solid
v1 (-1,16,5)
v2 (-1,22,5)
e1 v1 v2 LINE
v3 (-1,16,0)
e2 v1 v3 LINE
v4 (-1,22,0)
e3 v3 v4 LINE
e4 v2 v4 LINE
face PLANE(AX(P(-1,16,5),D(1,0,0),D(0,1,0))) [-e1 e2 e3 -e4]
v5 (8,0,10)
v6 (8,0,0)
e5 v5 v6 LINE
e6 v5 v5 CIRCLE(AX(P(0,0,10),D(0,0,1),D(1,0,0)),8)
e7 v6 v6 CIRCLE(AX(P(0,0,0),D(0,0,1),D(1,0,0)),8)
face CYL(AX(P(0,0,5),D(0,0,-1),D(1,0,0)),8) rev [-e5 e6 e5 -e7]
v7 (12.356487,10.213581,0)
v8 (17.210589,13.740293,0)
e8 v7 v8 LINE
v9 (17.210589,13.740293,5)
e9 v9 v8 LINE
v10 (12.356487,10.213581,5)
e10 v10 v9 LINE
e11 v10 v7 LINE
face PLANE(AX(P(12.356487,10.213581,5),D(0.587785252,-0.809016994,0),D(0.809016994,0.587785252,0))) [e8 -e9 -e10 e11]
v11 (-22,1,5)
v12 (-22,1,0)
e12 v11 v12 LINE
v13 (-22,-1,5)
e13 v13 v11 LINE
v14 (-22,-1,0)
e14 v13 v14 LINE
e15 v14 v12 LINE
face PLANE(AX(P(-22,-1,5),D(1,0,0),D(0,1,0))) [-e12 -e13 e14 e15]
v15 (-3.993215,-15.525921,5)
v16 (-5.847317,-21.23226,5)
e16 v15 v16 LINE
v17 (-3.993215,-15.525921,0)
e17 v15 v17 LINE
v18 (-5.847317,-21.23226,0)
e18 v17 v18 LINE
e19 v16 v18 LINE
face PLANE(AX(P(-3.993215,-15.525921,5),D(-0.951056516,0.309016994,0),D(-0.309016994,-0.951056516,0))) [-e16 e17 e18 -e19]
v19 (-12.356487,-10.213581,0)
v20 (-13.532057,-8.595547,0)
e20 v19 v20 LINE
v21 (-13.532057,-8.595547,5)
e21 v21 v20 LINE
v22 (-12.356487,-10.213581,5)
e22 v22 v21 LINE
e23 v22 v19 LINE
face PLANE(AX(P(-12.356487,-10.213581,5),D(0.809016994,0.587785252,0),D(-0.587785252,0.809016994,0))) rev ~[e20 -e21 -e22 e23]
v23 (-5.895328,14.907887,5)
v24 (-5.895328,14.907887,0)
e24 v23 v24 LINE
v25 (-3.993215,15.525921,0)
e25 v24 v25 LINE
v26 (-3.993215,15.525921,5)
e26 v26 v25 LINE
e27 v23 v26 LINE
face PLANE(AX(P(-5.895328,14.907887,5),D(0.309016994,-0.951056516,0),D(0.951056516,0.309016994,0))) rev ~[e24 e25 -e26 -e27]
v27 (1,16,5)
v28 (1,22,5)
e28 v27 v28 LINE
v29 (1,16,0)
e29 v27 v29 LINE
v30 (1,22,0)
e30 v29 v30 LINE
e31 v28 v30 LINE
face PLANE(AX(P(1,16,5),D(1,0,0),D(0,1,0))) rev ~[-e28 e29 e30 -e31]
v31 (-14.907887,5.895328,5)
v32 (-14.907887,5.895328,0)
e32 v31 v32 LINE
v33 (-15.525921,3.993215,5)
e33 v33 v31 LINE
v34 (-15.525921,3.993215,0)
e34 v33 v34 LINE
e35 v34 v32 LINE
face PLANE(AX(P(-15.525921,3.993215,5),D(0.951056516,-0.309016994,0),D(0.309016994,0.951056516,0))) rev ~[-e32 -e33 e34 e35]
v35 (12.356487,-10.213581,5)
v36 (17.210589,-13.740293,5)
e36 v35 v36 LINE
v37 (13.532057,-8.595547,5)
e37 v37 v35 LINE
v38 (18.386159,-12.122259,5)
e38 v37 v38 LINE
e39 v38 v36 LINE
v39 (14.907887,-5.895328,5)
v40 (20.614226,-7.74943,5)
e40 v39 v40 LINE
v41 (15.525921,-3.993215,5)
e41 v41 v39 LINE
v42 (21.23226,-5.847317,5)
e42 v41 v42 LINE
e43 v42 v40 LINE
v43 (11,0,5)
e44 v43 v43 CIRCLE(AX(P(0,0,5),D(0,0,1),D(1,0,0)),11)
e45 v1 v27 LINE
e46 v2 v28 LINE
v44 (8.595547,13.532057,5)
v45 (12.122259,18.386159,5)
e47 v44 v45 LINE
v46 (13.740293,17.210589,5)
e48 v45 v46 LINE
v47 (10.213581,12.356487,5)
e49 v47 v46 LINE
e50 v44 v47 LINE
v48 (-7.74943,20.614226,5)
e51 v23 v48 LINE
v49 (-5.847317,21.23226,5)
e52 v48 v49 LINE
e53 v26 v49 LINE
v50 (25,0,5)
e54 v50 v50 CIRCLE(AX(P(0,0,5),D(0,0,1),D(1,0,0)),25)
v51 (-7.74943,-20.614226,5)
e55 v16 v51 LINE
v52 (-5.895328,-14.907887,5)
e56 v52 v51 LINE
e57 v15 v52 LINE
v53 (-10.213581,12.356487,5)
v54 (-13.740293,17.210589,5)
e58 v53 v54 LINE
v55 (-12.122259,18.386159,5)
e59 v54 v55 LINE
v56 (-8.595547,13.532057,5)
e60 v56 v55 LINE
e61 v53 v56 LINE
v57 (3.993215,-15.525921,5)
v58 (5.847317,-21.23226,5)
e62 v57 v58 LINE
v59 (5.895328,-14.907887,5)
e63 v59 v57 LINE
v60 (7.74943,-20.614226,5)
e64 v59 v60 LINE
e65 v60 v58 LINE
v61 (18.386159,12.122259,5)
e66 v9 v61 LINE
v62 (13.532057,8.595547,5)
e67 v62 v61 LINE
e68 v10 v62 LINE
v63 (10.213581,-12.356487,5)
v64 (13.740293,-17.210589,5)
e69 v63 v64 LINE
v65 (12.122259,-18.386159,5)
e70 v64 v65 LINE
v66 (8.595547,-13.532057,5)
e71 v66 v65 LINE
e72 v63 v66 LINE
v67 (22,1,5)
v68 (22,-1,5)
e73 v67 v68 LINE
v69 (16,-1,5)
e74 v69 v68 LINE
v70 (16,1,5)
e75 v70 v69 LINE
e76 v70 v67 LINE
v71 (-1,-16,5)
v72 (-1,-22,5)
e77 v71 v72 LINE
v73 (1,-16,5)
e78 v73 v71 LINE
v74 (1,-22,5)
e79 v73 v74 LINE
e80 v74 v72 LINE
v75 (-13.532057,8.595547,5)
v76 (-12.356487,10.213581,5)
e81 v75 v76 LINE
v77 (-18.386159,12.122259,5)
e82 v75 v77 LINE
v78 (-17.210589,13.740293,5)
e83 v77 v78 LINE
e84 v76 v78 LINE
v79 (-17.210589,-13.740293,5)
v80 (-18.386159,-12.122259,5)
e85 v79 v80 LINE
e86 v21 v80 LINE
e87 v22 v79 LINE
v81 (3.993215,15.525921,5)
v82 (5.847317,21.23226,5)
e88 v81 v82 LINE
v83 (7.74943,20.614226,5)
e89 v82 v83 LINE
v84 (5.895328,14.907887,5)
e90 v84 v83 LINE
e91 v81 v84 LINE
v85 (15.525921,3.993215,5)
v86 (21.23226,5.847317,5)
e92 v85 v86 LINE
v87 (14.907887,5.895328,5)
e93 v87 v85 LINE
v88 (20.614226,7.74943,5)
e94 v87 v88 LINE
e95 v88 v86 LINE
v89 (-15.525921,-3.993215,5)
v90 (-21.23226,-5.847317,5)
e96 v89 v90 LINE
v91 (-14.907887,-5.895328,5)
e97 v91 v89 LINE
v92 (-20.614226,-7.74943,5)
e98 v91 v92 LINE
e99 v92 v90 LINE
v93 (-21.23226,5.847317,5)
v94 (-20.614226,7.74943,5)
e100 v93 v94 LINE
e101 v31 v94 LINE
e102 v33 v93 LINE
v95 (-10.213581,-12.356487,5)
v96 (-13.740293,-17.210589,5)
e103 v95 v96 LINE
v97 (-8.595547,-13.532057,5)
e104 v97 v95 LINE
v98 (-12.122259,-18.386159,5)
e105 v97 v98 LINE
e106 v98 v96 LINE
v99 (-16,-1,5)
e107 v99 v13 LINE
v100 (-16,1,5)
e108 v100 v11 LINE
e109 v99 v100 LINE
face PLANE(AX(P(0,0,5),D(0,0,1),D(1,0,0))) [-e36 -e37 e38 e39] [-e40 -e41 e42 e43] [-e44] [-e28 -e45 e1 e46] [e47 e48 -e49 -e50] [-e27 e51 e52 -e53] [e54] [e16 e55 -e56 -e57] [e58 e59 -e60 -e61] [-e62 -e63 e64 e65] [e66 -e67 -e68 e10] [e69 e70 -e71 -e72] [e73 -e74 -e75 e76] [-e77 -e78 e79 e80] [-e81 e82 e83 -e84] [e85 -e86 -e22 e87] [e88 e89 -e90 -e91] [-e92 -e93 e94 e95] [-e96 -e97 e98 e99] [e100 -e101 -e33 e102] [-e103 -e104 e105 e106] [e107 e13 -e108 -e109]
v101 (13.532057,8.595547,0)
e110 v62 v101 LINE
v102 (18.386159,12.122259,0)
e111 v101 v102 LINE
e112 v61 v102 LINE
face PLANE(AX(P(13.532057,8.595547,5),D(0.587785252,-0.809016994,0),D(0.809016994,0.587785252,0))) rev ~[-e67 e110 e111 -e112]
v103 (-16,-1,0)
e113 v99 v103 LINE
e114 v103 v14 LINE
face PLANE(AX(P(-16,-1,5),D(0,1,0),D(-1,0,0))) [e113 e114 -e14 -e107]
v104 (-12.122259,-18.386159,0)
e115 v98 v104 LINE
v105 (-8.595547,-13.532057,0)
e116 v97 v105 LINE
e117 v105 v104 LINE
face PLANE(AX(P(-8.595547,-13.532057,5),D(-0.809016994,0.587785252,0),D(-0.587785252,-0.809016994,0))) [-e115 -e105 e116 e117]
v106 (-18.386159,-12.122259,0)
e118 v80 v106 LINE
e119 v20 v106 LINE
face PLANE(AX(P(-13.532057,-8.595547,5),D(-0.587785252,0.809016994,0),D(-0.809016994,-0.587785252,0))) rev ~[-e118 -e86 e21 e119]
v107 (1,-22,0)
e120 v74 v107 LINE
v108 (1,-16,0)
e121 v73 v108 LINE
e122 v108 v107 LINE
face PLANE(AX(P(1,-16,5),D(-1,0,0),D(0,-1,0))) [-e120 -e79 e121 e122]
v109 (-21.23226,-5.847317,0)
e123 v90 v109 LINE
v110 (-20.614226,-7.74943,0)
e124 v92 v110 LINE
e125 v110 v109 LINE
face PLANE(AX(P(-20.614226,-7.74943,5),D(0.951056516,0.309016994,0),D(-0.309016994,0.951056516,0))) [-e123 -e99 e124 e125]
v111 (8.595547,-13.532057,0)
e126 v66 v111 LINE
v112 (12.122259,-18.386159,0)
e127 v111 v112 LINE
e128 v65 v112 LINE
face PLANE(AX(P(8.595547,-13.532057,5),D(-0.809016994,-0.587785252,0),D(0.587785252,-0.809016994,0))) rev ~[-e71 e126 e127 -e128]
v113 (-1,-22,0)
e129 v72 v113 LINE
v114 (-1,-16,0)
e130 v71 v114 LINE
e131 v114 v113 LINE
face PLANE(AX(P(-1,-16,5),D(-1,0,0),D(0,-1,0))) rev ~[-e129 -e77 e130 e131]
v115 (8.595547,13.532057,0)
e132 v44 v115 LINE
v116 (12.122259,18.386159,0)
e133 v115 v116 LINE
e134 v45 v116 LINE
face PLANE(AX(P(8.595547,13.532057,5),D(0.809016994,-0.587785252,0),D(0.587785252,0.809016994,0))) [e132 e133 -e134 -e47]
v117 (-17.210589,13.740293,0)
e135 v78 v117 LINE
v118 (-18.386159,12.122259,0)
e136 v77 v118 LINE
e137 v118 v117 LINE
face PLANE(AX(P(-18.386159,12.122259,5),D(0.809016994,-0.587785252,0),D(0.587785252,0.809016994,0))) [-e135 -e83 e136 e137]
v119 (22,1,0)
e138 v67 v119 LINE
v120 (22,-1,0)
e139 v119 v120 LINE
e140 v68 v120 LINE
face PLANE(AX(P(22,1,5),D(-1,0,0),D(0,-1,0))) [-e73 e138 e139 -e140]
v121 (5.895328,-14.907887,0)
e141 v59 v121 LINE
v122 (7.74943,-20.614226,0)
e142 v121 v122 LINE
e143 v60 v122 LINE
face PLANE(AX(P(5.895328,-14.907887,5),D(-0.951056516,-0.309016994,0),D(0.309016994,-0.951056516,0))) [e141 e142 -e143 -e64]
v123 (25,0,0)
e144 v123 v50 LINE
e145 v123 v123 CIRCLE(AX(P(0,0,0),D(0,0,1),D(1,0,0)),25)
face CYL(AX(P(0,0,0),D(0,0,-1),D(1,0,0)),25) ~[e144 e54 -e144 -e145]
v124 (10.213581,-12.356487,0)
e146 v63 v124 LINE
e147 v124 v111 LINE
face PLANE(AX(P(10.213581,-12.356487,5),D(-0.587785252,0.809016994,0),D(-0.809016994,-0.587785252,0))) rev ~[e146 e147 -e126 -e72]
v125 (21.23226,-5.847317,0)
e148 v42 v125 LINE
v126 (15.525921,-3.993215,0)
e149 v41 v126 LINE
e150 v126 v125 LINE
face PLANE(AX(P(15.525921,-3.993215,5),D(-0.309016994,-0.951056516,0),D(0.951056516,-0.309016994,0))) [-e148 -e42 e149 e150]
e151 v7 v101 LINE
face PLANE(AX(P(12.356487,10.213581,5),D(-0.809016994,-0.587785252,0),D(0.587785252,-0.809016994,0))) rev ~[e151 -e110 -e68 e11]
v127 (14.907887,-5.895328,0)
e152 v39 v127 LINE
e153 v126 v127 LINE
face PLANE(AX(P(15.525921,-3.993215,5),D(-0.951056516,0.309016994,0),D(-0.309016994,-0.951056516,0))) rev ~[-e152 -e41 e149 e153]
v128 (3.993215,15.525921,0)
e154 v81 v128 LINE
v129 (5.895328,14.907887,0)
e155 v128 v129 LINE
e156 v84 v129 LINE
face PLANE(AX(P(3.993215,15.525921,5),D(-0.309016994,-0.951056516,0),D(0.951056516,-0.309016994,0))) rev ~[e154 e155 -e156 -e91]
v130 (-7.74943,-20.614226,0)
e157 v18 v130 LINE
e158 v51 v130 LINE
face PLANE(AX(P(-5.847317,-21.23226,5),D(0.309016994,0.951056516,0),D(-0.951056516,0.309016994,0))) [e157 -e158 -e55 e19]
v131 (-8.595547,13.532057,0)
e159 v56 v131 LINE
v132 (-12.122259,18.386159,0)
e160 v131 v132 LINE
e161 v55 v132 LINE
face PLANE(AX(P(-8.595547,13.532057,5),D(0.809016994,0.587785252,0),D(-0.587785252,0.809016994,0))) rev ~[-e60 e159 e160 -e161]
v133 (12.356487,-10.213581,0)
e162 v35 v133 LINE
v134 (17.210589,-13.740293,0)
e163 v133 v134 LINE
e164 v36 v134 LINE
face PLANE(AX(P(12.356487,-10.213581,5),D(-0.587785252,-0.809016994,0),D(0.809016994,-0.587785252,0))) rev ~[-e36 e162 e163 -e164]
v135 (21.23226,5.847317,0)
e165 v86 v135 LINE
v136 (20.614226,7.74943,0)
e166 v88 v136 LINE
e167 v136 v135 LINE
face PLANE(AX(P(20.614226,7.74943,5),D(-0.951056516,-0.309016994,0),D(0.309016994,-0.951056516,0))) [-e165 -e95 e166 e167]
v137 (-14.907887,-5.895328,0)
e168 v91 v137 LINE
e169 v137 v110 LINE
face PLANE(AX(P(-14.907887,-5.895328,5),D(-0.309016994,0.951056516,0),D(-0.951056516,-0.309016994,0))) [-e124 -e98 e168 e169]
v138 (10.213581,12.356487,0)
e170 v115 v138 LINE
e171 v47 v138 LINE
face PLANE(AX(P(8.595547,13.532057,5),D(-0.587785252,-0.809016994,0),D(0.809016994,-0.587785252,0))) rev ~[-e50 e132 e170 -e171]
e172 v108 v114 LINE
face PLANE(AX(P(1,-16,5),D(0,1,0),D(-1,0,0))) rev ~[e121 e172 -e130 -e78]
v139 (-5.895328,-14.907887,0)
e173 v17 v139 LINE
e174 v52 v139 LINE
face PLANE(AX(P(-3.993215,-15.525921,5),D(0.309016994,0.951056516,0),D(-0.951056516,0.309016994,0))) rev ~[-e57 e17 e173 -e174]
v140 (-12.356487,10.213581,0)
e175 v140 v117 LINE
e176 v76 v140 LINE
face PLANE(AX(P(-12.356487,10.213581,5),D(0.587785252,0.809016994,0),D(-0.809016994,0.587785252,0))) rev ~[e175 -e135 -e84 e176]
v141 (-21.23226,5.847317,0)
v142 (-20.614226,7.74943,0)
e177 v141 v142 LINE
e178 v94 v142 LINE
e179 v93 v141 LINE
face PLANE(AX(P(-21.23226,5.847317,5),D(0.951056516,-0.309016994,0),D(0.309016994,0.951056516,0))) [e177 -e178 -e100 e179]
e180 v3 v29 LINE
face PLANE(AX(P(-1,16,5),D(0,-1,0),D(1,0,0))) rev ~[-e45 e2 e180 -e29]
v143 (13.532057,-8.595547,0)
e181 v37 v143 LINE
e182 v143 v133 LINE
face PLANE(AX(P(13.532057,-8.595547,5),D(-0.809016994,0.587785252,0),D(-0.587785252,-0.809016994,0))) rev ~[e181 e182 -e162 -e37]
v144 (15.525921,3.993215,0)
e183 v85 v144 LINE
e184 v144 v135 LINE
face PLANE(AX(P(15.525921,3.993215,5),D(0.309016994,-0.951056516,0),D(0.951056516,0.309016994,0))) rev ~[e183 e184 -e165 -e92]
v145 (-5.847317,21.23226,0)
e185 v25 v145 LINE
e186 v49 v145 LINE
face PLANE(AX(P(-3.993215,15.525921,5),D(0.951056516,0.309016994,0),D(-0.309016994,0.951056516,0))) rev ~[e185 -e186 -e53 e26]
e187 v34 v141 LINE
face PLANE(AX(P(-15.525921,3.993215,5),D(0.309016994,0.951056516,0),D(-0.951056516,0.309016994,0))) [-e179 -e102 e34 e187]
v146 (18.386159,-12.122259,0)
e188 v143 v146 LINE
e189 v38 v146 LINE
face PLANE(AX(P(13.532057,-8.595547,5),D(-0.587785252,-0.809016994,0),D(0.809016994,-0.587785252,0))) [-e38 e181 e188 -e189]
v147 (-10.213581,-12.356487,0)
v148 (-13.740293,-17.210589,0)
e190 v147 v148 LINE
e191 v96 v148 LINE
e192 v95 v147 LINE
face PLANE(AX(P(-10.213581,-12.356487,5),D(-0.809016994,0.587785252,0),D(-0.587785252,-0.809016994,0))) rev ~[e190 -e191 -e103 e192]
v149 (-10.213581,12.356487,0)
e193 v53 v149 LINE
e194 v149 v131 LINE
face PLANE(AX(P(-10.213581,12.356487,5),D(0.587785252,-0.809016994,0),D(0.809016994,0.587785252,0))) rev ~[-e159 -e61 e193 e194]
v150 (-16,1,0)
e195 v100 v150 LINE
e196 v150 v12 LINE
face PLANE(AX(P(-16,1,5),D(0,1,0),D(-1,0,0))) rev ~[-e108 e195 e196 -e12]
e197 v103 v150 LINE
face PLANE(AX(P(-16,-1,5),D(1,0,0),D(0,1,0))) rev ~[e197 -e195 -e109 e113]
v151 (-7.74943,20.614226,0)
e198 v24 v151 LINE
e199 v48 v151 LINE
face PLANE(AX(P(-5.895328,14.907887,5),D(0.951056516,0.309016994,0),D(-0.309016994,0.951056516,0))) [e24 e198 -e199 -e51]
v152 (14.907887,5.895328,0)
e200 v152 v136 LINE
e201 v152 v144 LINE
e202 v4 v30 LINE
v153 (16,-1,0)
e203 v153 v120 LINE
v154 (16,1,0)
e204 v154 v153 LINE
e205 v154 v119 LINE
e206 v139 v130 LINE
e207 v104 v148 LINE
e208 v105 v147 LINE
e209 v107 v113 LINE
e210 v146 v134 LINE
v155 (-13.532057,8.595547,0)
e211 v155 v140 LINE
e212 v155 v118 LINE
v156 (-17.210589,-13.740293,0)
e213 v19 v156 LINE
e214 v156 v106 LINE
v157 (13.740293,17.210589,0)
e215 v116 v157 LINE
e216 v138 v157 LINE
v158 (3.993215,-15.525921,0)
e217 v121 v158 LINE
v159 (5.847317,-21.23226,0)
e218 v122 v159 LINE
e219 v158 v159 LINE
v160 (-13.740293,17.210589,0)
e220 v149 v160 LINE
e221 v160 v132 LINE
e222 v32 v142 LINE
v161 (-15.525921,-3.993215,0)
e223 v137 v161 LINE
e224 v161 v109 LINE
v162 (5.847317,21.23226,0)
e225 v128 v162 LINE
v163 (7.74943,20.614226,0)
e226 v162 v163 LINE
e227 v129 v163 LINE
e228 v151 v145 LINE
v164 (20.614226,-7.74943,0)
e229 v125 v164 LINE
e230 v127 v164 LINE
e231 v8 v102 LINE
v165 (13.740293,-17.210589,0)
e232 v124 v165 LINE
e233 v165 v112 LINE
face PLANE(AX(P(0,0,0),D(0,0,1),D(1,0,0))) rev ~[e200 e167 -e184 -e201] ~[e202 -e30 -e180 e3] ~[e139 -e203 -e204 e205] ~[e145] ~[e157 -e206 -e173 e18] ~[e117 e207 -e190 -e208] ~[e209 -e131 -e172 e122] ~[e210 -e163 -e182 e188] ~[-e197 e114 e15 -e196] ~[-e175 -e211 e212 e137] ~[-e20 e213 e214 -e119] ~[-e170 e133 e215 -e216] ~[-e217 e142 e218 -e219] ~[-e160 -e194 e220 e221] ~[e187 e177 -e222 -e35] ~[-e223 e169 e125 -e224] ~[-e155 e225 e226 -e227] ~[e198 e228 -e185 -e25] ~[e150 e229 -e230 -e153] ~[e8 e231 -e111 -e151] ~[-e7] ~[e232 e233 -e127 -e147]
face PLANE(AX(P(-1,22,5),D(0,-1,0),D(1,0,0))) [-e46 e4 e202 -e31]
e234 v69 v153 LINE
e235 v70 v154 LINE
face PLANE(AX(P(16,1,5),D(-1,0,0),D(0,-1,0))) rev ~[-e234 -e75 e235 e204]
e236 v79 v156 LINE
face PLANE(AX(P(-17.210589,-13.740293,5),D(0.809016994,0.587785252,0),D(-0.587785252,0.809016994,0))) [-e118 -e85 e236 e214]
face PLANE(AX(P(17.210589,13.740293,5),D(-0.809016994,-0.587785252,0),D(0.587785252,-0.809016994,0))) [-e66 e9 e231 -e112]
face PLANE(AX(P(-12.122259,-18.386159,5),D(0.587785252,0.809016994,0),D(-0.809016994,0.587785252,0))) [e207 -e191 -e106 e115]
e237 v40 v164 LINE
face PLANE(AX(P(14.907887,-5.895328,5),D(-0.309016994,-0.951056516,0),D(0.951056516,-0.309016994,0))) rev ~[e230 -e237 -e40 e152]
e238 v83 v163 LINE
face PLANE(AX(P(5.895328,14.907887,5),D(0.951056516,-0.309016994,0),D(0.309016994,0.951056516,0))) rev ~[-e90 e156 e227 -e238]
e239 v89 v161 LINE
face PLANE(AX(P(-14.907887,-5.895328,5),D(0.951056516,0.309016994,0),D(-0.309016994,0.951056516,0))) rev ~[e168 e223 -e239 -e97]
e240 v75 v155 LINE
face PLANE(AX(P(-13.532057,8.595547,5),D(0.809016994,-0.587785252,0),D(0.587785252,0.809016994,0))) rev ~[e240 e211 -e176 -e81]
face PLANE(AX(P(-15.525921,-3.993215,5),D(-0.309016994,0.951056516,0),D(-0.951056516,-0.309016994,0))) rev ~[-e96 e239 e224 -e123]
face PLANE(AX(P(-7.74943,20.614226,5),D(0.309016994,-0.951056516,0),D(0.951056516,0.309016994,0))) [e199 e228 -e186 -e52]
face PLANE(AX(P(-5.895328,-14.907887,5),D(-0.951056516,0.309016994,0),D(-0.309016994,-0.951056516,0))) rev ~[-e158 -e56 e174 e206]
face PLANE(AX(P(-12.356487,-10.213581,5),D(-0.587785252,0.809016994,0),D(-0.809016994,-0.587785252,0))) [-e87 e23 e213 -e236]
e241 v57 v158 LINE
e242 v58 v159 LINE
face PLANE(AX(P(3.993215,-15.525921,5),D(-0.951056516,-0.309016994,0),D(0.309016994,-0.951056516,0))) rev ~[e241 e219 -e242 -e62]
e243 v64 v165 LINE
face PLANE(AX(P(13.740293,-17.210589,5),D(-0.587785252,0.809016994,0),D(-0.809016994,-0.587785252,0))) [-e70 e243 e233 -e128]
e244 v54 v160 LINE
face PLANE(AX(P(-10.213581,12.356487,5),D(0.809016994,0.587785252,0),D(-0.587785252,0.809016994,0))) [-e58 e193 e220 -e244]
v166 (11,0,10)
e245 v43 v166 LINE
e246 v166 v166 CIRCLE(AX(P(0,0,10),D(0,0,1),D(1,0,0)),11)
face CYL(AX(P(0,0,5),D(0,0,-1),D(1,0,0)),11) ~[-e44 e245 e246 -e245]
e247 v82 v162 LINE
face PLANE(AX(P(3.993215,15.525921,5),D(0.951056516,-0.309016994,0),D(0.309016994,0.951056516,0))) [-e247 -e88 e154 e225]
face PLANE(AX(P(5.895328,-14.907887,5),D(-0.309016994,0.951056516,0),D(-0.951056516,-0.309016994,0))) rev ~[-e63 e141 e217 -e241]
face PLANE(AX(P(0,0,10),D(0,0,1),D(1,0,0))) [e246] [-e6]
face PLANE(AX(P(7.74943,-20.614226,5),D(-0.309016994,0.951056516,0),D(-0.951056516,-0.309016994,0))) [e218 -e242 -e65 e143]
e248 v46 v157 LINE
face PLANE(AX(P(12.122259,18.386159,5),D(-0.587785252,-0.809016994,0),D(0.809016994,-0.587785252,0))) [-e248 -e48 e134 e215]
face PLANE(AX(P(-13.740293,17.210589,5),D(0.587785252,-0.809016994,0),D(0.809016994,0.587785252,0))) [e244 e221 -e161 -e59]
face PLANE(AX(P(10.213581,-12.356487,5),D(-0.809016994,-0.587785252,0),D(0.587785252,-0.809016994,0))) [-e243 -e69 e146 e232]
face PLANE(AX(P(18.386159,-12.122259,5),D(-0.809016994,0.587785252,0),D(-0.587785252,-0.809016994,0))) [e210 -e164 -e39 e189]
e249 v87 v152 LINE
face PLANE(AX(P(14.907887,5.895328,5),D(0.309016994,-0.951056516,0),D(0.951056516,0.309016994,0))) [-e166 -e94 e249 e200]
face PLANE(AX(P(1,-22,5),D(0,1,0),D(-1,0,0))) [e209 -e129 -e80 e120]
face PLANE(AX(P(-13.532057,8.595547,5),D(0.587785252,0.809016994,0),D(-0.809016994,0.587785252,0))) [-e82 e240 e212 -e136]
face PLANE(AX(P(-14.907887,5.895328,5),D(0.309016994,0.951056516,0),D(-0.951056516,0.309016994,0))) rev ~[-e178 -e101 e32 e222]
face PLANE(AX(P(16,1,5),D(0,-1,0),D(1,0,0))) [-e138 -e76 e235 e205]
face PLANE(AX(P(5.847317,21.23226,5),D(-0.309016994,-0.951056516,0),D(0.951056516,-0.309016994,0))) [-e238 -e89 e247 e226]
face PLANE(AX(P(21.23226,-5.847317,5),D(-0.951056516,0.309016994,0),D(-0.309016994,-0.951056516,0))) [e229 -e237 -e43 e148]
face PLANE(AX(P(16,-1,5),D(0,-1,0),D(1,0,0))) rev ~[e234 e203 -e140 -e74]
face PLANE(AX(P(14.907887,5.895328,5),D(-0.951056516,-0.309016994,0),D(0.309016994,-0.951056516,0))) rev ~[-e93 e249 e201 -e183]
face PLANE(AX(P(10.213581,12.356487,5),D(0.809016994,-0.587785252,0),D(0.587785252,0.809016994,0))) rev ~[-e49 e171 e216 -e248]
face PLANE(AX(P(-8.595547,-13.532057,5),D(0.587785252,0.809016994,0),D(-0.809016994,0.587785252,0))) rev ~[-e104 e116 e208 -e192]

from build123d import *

# Parameters (mm, degrees)
SKETCH_1_R               = 25
SKETCH_1_R_2             = 8
EXTRUDE_1_DEPTH          = 5
SKETCH_2_R               = 11
SKETCH_2_R_2             = 8
EXTRUDE_2_DEPTH          = 5
SKETCH_3_W               = 2
SKETCH_3_H               = 6
CUT_EXTRUDE_1_DEPTH      = 5
PATTERN_CIRCULAR_1_COUNT = 20


with BuildPart() as part:
    # 草图1 → 凸台-拉伸1 (new body)
    with BuildSketch(Plane.XY):
        Circle(SKETCH_1_R)
        Circle(SKETCH_1_R_2, mode=Mode.SUBTRACT)
    extrude(amount=EXTRUDE_1_DEPTH)

    # 草图2 → 凸台-拉伸2 (add)
    with BuildSketch(Plane.XY.offset(5)):
        Circle(SKETCH_2_R)
        Circle(SKETCH_2_R_2, mode=Mode.SUBTRACT)
    extrude(amount=EXTRUDE_2_DEPTH)

    # 草图3 → 切除-拉伸1 (cut)
    with BuildSketch(Plane.XY.offset(5)):
        with Locations((0, 19)):
            Rectangle(SKETCH_3_W, SKETCH_3_H)
    cut_extrude_1 = extrude(amount=-CUT_EXTRUDE_1_DEPTH, mode=Mode.SUBTRACT)

    # 阵列(圆周)1: 切除-拉伸1 ×20 about axis
    pattern_circular_1_axis = Axis((0, 0, 0), (0, 0, 1))
    for i in range(1, PATTERN_CIRCULAR_1_COUNT):
        add(cut_extrude_1.rotate(pattern_circular_1_axis, i * 360 / PATTERN_CIRCULAR_1_COUNT), mode=Mode.SUBTRACT)


solid = part.part
